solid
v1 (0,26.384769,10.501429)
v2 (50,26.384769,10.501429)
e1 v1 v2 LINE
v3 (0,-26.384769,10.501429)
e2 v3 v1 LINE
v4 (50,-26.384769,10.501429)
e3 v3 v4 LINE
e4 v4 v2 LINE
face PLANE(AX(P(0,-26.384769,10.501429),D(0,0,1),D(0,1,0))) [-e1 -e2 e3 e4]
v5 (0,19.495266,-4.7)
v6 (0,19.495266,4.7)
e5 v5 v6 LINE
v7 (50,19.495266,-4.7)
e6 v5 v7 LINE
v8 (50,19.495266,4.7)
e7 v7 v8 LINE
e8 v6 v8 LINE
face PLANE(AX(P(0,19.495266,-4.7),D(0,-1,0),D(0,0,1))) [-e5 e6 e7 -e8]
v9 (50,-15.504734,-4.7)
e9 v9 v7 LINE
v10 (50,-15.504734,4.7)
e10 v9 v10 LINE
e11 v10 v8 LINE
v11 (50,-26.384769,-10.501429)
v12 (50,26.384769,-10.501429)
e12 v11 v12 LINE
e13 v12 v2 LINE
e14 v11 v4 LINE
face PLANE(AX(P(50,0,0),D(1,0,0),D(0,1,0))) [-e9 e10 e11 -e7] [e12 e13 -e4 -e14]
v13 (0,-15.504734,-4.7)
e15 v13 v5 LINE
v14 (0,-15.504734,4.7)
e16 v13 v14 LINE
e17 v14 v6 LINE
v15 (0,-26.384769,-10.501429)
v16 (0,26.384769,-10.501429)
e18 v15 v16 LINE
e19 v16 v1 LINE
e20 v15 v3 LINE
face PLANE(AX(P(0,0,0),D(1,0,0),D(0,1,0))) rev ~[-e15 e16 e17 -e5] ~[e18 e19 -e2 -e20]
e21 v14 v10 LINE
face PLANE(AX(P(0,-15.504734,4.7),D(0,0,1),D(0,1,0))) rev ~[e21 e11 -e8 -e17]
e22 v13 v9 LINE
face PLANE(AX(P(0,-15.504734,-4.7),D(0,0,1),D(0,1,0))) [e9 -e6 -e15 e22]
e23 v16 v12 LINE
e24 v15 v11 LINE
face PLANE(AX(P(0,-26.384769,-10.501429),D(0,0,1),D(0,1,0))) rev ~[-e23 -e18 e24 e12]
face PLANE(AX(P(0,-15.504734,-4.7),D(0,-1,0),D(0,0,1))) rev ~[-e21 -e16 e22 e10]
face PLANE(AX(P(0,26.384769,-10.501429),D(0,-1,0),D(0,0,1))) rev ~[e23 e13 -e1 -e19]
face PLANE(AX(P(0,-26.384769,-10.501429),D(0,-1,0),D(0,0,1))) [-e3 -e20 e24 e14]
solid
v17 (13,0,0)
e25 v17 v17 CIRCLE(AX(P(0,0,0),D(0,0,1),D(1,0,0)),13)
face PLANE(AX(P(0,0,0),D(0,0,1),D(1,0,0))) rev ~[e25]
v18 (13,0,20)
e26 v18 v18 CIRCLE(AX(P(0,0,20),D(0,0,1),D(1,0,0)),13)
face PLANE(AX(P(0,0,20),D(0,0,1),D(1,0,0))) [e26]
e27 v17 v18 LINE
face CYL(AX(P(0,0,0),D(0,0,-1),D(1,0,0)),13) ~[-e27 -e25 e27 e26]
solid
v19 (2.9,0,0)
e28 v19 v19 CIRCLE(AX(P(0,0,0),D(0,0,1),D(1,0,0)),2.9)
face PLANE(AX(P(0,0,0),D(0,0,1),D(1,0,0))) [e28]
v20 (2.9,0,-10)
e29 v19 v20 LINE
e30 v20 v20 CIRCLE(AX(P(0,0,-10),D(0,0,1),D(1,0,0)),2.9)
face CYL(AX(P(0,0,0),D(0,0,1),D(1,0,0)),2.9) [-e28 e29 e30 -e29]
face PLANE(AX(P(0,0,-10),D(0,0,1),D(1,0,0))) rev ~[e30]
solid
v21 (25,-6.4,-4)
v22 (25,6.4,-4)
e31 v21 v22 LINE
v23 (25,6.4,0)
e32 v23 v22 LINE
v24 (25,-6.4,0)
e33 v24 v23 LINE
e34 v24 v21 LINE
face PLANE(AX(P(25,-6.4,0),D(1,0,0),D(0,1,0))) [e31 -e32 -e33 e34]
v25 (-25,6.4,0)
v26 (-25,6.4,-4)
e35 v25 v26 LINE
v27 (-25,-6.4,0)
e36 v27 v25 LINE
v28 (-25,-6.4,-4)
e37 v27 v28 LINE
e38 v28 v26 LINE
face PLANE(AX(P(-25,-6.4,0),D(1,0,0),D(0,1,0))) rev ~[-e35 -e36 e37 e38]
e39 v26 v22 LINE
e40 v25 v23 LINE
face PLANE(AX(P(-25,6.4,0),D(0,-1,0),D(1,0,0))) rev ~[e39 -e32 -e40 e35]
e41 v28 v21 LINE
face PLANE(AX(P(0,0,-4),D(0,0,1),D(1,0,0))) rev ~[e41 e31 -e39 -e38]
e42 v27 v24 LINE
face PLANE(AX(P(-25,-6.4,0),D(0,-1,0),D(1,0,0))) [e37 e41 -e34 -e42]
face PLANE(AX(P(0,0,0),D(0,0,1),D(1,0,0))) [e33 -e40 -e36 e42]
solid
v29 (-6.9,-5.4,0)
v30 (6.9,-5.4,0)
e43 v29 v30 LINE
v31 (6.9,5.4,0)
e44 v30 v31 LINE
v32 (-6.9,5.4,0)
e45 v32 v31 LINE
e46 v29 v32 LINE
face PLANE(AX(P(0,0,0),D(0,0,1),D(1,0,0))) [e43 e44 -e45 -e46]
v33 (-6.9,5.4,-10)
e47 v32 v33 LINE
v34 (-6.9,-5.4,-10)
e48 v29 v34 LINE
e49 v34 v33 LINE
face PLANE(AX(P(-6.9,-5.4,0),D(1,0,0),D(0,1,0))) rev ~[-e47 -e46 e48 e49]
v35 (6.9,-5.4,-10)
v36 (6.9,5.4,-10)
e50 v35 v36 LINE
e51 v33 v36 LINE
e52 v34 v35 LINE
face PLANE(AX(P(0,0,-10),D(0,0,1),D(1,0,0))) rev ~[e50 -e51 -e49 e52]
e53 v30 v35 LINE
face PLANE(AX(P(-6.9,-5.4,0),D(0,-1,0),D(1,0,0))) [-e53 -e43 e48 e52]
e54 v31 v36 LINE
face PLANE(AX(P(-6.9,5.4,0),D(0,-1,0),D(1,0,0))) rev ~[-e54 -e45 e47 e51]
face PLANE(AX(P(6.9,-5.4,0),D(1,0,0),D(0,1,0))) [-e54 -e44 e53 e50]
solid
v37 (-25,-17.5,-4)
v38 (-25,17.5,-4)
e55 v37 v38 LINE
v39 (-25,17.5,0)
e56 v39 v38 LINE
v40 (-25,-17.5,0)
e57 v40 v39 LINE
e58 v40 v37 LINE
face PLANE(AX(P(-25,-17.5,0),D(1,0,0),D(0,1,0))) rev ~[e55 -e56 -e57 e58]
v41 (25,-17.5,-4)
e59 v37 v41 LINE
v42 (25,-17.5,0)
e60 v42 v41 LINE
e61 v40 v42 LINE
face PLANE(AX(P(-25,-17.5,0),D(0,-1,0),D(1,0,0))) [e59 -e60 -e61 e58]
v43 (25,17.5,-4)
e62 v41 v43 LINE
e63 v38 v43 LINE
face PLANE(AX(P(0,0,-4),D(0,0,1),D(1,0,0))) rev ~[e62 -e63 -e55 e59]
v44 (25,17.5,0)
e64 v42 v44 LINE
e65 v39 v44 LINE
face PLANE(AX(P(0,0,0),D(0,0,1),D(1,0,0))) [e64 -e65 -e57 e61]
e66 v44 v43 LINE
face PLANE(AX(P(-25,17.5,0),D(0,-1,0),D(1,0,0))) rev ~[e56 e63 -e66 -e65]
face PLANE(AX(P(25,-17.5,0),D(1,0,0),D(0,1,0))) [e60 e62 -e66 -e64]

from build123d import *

# Parameters (mm, degrees)
F0_R      = 13
F1_DEPTH  = 20
F2_W      = 13.8
F2_H      = 10.8
F3_DEPTH  = 10
F4_R      = 2.9
F5_DEPTH  = 10
F6_W      = 50
F6_H      = 12.8
F7_DEPTH  = 4
F8_W      = 50
F8_H      = 35
F9_DEPTH  = 4
F10_W     = 52.769538
F10_H     = 21.002858
F10_W_2   = 35
F10_H_2   = 9.4
F11_DEPTH = 50


with BuildPart() as f1:
    # F0 (on Top) → F1 (new body)
    with BuildSketch(Plane.XY):
        Circle(F0_R)
    extrude(amount=F1_DEPTH)


with BuildPart() as f3:
    # F2 (on Top) → F3 (new body)
    with BuildSketch(Plane.XY):
        Rectangle(F2_W, F2_H)
    extrude(amount=-F3_DEPTH)


with BuildPart() as f5:
    # F4 (on Top) → F5 (new body)
    with BuildSketch(Plane.XY):
        Circle(F4_R)
    extrude(amount=-F5_DEPTH)


with BuildPart() as f7:
    # F6 (on Top) → F7 (new body)
    with BuildSketch(Plane.XY):
        Rectangle(F6_W, F6_H)
    extrude(amount=-F7_DEPTH)


with BuildPart() as f9:
    # F8 (on Top) → F9 (new body)
    with BuildSketch(Plane.XY):
        Rectangle(F8_W, F8_H)
    extrude(amount=-F9_DEPTH)


with BuildPart() as f11:
    # F10 (on Right) → F11 (new body)
    with BuildSketch(Plane.YZ):
        Rectangle(F10_W, F10_H)
        with Locations((1.995266, 0)):
            Rectangle(F10_W_2, F10_H_2, mode=Mode.SUBTRACT)
    extrude(amount=F11_DEPTH)


solid = Compound([f1.part, f3.part, f5.part, f7.part, f9.part, f11.part])
